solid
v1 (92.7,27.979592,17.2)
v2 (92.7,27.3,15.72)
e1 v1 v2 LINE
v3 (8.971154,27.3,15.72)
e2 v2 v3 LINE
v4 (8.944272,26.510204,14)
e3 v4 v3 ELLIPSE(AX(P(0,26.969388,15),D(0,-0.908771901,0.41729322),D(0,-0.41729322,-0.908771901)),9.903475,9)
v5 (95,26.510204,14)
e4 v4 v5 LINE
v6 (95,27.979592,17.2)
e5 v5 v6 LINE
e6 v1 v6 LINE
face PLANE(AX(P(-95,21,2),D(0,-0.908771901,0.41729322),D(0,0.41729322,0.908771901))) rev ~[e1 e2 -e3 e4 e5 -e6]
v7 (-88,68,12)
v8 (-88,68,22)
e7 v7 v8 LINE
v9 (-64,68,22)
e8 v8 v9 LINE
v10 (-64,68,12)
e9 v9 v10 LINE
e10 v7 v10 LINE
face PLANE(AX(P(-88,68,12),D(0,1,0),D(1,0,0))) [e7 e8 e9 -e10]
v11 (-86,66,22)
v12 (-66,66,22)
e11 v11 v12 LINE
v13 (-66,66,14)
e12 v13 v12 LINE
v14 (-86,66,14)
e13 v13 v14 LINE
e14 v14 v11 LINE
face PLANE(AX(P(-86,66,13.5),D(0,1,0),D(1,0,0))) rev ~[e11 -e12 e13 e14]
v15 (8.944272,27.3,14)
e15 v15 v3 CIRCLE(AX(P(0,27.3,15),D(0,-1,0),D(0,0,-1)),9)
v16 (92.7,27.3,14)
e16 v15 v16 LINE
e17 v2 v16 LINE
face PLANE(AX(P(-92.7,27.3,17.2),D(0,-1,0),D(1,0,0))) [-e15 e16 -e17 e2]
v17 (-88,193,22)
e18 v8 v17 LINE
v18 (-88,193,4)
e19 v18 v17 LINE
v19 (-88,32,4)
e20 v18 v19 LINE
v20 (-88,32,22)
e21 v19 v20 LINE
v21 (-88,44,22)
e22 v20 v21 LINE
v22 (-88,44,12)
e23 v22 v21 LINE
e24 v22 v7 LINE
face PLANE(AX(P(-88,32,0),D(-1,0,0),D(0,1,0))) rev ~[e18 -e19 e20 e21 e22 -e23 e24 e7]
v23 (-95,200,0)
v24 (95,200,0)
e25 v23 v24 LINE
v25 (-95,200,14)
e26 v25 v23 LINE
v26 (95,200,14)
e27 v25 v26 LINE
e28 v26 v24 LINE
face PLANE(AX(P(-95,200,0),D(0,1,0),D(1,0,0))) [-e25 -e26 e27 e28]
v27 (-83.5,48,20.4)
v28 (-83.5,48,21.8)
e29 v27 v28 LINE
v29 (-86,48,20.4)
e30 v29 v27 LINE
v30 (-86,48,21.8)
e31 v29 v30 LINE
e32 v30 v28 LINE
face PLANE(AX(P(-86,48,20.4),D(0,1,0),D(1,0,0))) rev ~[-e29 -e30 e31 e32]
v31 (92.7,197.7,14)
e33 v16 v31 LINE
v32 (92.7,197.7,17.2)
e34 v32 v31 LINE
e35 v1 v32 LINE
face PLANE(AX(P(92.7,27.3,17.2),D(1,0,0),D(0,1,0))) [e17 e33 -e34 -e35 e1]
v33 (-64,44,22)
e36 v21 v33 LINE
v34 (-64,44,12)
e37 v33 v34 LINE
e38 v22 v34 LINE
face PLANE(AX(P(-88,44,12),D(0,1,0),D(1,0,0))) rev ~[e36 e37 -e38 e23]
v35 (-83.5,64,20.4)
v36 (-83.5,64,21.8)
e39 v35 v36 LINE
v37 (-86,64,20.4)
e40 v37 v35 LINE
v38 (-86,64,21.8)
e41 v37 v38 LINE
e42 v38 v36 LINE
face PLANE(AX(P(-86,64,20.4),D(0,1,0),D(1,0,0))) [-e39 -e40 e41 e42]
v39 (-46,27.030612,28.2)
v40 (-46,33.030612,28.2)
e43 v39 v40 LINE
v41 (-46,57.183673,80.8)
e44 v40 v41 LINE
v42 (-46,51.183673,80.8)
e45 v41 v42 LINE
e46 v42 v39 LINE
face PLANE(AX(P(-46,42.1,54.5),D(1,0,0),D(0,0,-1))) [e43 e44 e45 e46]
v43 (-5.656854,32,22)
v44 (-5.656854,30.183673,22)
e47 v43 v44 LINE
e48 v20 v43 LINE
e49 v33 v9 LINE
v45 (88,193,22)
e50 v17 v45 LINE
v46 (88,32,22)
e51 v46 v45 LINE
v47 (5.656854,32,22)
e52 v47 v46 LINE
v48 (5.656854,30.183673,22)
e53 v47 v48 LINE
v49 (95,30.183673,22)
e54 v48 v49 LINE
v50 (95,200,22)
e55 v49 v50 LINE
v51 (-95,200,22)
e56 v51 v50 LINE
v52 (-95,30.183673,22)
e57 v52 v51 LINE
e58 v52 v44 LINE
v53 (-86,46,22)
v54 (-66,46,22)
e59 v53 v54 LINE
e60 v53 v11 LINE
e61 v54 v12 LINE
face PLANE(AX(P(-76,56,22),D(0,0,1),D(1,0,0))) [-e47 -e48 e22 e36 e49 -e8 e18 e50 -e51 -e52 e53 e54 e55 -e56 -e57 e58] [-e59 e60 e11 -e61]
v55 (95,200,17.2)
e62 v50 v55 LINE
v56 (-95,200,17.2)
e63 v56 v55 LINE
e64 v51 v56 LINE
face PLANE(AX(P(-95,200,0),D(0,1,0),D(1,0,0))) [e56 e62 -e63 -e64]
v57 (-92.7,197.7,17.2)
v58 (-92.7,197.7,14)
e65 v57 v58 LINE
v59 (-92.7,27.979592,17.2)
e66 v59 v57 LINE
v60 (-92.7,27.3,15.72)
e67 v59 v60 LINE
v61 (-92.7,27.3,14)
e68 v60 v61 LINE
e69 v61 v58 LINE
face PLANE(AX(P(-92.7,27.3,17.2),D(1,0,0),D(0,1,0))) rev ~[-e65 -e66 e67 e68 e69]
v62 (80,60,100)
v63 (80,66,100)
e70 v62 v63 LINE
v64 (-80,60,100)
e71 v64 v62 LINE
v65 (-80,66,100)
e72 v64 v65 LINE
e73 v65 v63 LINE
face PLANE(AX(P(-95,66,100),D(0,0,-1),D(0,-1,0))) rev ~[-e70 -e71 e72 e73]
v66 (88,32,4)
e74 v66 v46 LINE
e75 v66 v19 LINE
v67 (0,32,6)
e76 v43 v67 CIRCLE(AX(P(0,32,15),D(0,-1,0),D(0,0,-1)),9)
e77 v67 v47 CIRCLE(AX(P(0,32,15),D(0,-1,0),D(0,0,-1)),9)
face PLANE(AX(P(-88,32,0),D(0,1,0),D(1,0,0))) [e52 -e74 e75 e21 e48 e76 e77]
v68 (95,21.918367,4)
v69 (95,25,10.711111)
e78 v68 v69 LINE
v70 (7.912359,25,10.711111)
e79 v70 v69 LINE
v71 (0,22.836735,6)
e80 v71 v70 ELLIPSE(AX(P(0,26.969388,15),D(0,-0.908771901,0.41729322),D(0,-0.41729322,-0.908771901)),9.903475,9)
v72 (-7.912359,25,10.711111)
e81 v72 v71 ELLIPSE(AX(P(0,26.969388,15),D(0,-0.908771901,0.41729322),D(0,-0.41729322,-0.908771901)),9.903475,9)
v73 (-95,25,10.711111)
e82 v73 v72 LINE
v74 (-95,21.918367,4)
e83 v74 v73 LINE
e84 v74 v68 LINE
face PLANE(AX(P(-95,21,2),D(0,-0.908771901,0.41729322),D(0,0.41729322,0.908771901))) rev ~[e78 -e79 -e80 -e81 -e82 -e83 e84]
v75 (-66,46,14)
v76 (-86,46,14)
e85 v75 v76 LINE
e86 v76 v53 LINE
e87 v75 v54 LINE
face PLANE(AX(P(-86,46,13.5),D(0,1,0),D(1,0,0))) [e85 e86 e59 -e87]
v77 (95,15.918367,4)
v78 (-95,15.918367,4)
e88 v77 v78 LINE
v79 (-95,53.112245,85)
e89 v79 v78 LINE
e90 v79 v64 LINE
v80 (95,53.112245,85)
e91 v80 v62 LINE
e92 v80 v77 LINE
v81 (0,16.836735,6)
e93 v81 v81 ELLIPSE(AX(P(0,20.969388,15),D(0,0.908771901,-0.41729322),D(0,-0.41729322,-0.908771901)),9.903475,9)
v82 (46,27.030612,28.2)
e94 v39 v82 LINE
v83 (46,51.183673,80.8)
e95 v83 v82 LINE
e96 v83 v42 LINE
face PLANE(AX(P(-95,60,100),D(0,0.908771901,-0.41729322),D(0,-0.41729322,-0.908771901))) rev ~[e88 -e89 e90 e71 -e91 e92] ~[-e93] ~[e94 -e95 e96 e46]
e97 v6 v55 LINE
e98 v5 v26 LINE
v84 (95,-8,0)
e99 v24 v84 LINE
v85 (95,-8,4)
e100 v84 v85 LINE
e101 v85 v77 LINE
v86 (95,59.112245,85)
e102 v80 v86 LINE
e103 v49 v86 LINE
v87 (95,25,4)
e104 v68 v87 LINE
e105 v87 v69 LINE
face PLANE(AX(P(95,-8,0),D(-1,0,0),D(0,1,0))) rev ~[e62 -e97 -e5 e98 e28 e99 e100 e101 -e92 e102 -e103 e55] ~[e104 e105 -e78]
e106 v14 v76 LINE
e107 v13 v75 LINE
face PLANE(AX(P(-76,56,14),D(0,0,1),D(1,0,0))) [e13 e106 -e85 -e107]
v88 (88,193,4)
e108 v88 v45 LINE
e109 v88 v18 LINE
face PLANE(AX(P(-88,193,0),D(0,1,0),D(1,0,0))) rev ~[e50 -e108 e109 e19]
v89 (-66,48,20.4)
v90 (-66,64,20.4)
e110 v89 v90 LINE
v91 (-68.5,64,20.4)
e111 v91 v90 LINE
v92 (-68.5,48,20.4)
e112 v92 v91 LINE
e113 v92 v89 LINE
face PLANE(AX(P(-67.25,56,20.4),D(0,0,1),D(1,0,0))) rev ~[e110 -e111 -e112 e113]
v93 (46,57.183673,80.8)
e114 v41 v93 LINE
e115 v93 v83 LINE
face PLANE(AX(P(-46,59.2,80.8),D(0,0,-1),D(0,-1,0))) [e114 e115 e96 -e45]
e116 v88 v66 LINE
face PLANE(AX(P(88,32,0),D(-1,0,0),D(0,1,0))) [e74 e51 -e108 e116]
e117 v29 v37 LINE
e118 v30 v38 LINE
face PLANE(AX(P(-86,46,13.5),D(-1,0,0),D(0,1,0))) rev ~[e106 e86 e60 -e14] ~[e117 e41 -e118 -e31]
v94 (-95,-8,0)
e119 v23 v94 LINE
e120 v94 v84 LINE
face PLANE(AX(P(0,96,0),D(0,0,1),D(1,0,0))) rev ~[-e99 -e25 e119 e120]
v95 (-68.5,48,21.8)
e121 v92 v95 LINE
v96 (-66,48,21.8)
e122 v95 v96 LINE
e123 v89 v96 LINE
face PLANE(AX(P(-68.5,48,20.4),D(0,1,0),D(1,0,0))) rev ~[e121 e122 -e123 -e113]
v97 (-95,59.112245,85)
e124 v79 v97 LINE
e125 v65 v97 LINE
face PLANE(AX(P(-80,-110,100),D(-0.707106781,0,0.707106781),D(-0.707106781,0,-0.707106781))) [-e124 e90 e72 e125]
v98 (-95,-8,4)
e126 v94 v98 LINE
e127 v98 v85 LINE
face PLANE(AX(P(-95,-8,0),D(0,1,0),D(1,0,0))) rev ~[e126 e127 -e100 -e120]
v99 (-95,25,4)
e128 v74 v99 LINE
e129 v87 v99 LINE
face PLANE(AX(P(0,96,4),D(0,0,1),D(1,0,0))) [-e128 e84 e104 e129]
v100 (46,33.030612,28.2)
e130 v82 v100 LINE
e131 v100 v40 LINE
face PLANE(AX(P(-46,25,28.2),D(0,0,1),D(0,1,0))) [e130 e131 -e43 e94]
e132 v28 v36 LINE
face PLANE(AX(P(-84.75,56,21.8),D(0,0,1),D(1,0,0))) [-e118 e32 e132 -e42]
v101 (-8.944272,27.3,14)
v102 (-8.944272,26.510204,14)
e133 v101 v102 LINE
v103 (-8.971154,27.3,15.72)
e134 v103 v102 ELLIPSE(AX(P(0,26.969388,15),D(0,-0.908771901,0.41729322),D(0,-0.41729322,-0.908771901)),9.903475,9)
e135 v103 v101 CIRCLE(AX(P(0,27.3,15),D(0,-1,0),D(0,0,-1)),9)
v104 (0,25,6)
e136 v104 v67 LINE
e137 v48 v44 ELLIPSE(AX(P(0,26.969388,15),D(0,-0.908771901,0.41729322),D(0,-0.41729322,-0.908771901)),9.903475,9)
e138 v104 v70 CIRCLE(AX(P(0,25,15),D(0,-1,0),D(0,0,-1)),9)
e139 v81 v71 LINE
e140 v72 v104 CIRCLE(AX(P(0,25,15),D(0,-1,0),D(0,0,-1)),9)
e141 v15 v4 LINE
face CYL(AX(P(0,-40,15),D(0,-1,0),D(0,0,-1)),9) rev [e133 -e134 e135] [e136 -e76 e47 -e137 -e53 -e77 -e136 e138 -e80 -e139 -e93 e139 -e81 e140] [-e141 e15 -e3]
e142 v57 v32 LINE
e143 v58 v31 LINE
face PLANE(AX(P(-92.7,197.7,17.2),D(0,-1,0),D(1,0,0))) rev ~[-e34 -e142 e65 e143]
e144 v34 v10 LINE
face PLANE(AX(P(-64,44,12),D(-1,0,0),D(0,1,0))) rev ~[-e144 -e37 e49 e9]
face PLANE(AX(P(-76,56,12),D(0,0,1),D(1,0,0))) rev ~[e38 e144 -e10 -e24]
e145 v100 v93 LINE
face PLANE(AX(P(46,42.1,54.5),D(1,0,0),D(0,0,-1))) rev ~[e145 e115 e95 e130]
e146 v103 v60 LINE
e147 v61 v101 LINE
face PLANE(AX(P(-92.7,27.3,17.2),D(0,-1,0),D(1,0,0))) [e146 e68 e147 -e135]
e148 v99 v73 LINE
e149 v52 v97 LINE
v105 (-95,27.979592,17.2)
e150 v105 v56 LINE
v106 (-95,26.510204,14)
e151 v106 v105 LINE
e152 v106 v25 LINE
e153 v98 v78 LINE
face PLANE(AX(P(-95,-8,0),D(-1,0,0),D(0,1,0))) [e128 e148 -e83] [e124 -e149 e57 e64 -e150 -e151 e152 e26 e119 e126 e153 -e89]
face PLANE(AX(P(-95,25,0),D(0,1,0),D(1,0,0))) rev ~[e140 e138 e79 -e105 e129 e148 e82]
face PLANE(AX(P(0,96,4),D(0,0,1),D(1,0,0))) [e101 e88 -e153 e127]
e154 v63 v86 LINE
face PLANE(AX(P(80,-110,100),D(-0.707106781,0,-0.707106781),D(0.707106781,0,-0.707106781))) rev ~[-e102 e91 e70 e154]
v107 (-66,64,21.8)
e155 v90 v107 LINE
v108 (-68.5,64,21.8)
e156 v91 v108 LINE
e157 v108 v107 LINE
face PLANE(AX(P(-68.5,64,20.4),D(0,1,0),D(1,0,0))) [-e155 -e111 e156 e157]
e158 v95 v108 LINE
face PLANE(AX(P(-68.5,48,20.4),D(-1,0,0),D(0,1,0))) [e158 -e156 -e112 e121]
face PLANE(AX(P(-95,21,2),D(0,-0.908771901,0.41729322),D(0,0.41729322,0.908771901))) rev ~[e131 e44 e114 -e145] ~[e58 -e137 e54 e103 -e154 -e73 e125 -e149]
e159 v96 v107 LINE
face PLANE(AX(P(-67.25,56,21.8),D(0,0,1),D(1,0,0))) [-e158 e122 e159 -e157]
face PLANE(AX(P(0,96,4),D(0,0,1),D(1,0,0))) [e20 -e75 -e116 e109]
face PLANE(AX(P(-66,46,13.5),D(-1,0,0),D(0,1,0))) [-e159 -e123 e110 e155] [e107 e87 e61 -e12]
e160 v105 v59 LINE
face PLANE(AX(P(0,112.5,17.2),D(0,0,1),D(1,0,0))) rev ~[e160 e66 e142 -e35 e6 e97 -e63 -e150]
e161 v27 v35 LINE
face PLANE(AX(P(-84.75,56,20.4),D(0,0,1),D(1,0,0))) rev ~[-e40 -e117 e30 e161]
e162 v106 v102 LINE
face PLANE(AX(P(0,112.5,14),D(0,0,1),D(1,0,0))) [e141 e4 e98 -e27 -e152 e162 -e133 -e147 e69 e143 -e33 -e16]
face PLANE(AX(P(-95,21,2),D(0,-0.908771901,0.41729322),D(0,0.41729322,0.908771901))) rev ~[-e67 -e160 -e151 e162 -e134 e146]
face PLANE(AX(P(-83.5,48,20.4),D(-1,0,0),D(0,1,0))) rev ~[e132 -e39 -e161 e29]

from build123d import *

# Parameters (mm, degrees)
F_190_X_200_TRAY_FLOOR_SKETCH_W                       = 190
F_190_X_200_TRAY_FLOOR_SKETCH_H                       = 208
F_4_MM_TRAY_FLOOR_DEPTH                               = 4
ELECTRONICS_COMPARTMENT_WALL_SKETCH_W                 = 190
ELECTRONICS_COMPARTMENT_WALL_SKETCH_H                 = 175
ELECTRONICS_COMPARTMENT_WALL_SKETCH_W_2               = 176
ELECTRONICS_COMPARTMENT_WALL_SKETCH_H_2               = 161
F_22_MM_PERIMETER_WALLS_DEPTH                         = 22
F_3_2_START                                           = 17.2
EXTERNAL_WALL_CORD_GASKET_GROOVE_SKETCH_W             = 192
EXTERNAL_WALL_CORD_GASKET_GROOVE_SKETCH_H             = 177
EXTERNAL_WALL_CORD_GASKET_GROOVE_SKETCH_W_2           = 185.4
EXTERNAL_WALL_CORD_GASKET_GROOVE_SKETCH_H_2           = 170.4
F_3_2_HIGH_X_2_3_DEEP_EXTERNAL_PERIMETER_G_DEPTH      = 3.2
F_24_MM_GPS_ANTENNA_SHELF_SKETCH_W                    = 24
F_24_MM_GPS_ANTENNA_SHELF_SKETCH_H                    = 24
F_2_MM_GPS_ANTENNA_SHELF_DEPTH                        = 2
F_20_MM_GPS_ANTENNA_GUIDE_RING_SKETCH_W               = 24
F_20_MM_GPS_ANTENNA_GUIDE_RING_SKETCH_H               = 24
F_20_MM_GPS_ANTENNA_GUIDE_RING_SKETCH_W_2             = 20
F_20_MM_GPS_ANTENNA_GUIDE_RING_SKETCH_H_2             = 20
F_8_5_MM_GPS_ANTENNA_GUIDE_RING_DEPTH                 = 8.5
LEFT_GPS_ANTENNA_SNAP_LIP_SKETCH_W                    = 2.5
LEFT_GPS_ANTENNA_SNAP_LIP_SKETCH_H                    = 16
LEFT_GPS_ANTENNA_SNAP_LIP_DEPTH                       = 1.4
RIGHT_GPS_ANTENNA_SNAP_LIP_SKETCH_W                   = 2.5
RIGHT_GPS_ANTENNA_SNAP_LIP_SKETCH_H                   = 16
RIGHT_GPS_ANTENNA_SNAP_LIP_DEPTH                      = 1.4
F_190_MM_WIDE_ANGLED_DISPLAY_BULKHEAD_DEPTH           = 95
F_190_MM_WIDE_ANGLED_DISPLAY_BULKHEAD_DEPTH_BACK      = 95
F_92_X_58_MM_DISPLAY_OPENING_DEPTH                    = 46
F_92_X_58_MM_DISPLAY_OPENING_DEPTH_BACK               = 46
F_18_MM_FRONT_12_V_AND_SENSOR_HARNESS_PASS_DEPTH      = 40
F_18_MM_FRONT_12_V_AND_SENSOR_HARNESS_PASS_DEPTH_BACK = 40
F_18_MM_FRONT_HARNESS_GROMMET_SKETCH_R                = 9
LEFT_SCREEN_HOLDER_CORNER_CHAMFER_DEPTH               = 110
LEFT_SCREEN_HOLDER_CORNER_CHAMFER_DEPTH_BACK          = 110
RIGHT_SCREEN_HOLDER_CORNER_CHAMFER_DEPTH              = 110
RIGHT_SCREEN_HOLDER_CORNER_CHAMFER_DEPTH_BACK         = 110


with BuildPart() as part:
    # 190 x 200 Tray Floor Sketch → 4 mm Tray Floor (new body)
    with BuildSketch(Plane.XY):
        with Locations((0, 96)):
            Rectangle(F_190_X_200_TRAY_FLOOR_SKETCH_W, F_190_X_200_TRAY_FLOOR_SKETCH_H)
    extrude(amount=F_4_MM_TRAY_FLOOR_DEPTH)

    # Electronics Compartment Wall Sketch → 22 mm Perimeter Walls (add)
    with BuildSketch(Plane.XY):
        with Locations((0, 112.5)):
            Rectangle(ELECTRONICS_COMPARTMENT_WALL_SKETCH_W, ELECTRONICS_COMPARTMENT_WALL_SKETCH_H)
        with Locations((0, 112.5)):
            Rectangle(ELECTRONICS_COMPARTMENT_WALL_SKETCH_W_2, ELECTRONICS_COMPARTMENT_WALL_SKETCH_H_2, mode=Mode.SUBTRACT)
    extrude(amount=F_22_MM_PERIMETER_WALLS_DEPTH)

    # External Wall Cord Gasket Groove Sketch → 3.2 High x 2.3 Deep External Perimeter Gasket Groove (cut)
    with BuildSketch(Plane.XY.offset(F_3_2_START)):
        with Locations((0, 112.5)):
            Rectangle(EXTERNAL_WALL_CORD_GASKET_GROOVE_SKETCH_W, EXTERNAL_WALL_CORD_GASKET_GROOVE_SKETCH_H)
        with Locations((0, 112.5)):
            Rectangle(EXTERNAL_WALL_CORD_GASKET_GROOVE_SKETCH_W_2, EXTERNAL_WALL_CORD_GASKET_GROOVE_SKETCH_H_2, mode=Mode.SUBTRACT)
    extrude(amount=-F_3_2_HIGH_X_2_3_DEEP_EXTERNAL_PERIMETER_G_DEPTH, mode=Mode.SUBTRACT)

    # 24 mm GPS Antenna Shelf Sketch → 2 mm GPS Antenna Shelf (add)
    with BuildSketch(Plane.XY.offset(12)):
        with Locations((-76, 56)):
            Rectangle(F_24_MM_GPS_ANTENNA_SHELF_SKETCH_W, F_24_MM_GPS_ANTENNA_SHELF_SKETCH_H)
    extrude(amount=F_2_MM_GPS_ANTENNA_SHELF_DEPTH)

    # 20 mm GPS Antenna Guide Ring Sketch → 8.5 mm GPS Antenna Guide Ring (add)
    with BuildSketch(Plane.XY.offset(13.5)):
        with Locations((-76, 56)):
            Rectangle(F_20_MM_GPS_ANTENNA_GUIDE_RING_SKETCH_W, F_20_MM_GPS_ANTENNA_GUIDE_RING_SKETCH_H)
        with Locations((-76, 56)):
            Rectangle(F_20_MM_GPS_ANTENNA_GUIDE_RING_SKETCH_W_2, F_20_MM_GPS_ANTENNA_GUIDE_RING_SKETCH_H_2, mode=Mode.SUBTRACT)
    extrude(amount=F_8_5_MM_GPS_ANTENNA_GUIDE_RING_DEPTH)

    # Left GPS Antenna Snap Lip Sketch → Left GPS Antenna Snap Lip (add)
    with BuildSketch(Plane.XY.offset(20.4)):
        with Locations((-84.75, 56)):
            Rectangle(LEFT_GPS_ANTENNA_SNAP_LIP_SKETCH_W, LEFT_GPS_ANTENNA_SNAP_LIP_SKETCH_H)
    extrude(amount=LEFT_GPS_ANTENNA_SNAP_LIP_DEPTH)

    # Right GPS Antenna Snap Lip Sketch → Right GPS Antenna Snap Lip (add)
    with BuildSketch(Plane.XY.offset(20.4)):
        with Locations((-67.25, 56)):
            Rectangle(RIGHT_GPS_ANTENNA_SNAP_LIP_SKETCH_W, RIGHT_GPS_ANTENNA_SNAP_LIP_SKETCH_H)
    extrude(amount=RIGHT_GPS_ANTENNA_SNAP_LIP_DEPTH)

    # Angled Display Bulkhead Side Profile → 190 mm Wide Angled Display Bulkhead (add, two sides: drawn at the far end of the back side and taken through both)
    with BuildSketch(Plane(origin=(0, 0, 0), x_dir=(0, 0, -1), z_dir=(1, 0, 0)).offset(-F_190_MM_WIDE_ANGLED_DISPLAY_BULKHEAD_DEPTH_BACK)):
        Polygon((-2, 15), (-2, 21), (-100, 66), (-100, 60), align=None)
    extrude(amount=F_190_MM_WIDE_ANGLED_DISPLAY_BULKHEAD_DEPTH + F_190_MM_WIDE_ANGLED_DISPLAY_BULKHEAD_DEPTH_BACK)

    # 92 x 58 Display Opening Side Profile → 92 x 58 mm Display Opening (cut, two sides: drawn at the far end of the back side and taken through both)
    with BuildSketch(Plane(origin=(0, 0, 0), x_dir=(0, 0, -1), z_dir=(1, 0, 0)).offset(-F_92_X_58_MM_DISPLAY_OPENING_DEPTH_BACK)):
        Polygon((-28.2, 25), (-28.2, 35), (-80.8, 59.2), (-80.8, 49.2), align=None)
    extrude(amount=F_92_X_58_MM_DISPLAY_OPENING_DEPTH + F_92_X_58_MM_DISPLAY_OPENING_DEPTH_BACK, mode=Mode.SUBTRACT)

    # 18 mm Front Harness Grommet Sketch → 18 mm Front 12 V and Sensor Harness Passage (cut, two sides: drawn at the far end of the back side and taken through both)
    with BuildSketch(Plane(origin=(0, 0, 0), x_dir=(1, 0, 0), z_dir=(0, 1, 0)).offset(-F_18_MM_FRONT_12_V_AND_SENSOR_HARNESS_PASS_DEPTH_BACK)):
        with Locations(Location((0, -15, 0), (0, 0, 90))):
            Circle(F_18_MM_FRONT_HARNESS_GROMMET_SKETCH_R)
    extrude(amount=F_18_MM_FRONT_12_V_AND_SENSOR_HARNESS_PASS_DEPTH + F_18_MM_FRONT_12_V_AND_SENSOR_HARNESS_PASS_DEPTH_BACK, mode=Mode.SUBTRACT)

    # Left Screen Holder Corner Chamfer Sketch → Left Screen Holder Corner Chamfer (cut, two sides: drawn at the far end of the back side and taken through both)
    with BuildSketch(Plane(origin=(0, 0, 0), x_dir=(1, 0, 0), z_dir=(0, 1, 0)).offset(-LEFT_SCREEN_HOLDER_CORNER_CHAMFER_DEPTH_BACK)):
        Polygon((-95, -100), (-80, -100), (-95, -85), align=None)
    extrude(amount=LEFT_SCREEN_HOLDER_CORNER_CHAMFER_DEPTH + LEFT_SCREEN_HOLDER_CORNER_CHAMFER_DEPTH_BACK, mode=Mode.SUBTRACT)

    # Right Screen Holder Corner Chamfer Sketch → Right Screen Holder Corner Chamfer (cut, two sides: drawn at the far end of the back side and taken through both)
    with BuildSketch(Plane(origin=(0, 0, 0), x_dir=(1, 0, 0), z_dir=(0, 1, 0)).offset(-RIGHT_SCREEN_HOLDER_CORNER_CHAMFER_DEPTH_BACK)):
        Polygon((95, -100), (80, -100), (95, -85), align=None)
    extrude(amount=RIGHT_SCREEN_HOLDER_CORNER_CHAMFER_DEPTH + RIGHT_SCREEN_HOLDER_CORNER_CHAMFER_DEPTH_BACK, mode=Mode.SUBTRACT)


solid = part.part
